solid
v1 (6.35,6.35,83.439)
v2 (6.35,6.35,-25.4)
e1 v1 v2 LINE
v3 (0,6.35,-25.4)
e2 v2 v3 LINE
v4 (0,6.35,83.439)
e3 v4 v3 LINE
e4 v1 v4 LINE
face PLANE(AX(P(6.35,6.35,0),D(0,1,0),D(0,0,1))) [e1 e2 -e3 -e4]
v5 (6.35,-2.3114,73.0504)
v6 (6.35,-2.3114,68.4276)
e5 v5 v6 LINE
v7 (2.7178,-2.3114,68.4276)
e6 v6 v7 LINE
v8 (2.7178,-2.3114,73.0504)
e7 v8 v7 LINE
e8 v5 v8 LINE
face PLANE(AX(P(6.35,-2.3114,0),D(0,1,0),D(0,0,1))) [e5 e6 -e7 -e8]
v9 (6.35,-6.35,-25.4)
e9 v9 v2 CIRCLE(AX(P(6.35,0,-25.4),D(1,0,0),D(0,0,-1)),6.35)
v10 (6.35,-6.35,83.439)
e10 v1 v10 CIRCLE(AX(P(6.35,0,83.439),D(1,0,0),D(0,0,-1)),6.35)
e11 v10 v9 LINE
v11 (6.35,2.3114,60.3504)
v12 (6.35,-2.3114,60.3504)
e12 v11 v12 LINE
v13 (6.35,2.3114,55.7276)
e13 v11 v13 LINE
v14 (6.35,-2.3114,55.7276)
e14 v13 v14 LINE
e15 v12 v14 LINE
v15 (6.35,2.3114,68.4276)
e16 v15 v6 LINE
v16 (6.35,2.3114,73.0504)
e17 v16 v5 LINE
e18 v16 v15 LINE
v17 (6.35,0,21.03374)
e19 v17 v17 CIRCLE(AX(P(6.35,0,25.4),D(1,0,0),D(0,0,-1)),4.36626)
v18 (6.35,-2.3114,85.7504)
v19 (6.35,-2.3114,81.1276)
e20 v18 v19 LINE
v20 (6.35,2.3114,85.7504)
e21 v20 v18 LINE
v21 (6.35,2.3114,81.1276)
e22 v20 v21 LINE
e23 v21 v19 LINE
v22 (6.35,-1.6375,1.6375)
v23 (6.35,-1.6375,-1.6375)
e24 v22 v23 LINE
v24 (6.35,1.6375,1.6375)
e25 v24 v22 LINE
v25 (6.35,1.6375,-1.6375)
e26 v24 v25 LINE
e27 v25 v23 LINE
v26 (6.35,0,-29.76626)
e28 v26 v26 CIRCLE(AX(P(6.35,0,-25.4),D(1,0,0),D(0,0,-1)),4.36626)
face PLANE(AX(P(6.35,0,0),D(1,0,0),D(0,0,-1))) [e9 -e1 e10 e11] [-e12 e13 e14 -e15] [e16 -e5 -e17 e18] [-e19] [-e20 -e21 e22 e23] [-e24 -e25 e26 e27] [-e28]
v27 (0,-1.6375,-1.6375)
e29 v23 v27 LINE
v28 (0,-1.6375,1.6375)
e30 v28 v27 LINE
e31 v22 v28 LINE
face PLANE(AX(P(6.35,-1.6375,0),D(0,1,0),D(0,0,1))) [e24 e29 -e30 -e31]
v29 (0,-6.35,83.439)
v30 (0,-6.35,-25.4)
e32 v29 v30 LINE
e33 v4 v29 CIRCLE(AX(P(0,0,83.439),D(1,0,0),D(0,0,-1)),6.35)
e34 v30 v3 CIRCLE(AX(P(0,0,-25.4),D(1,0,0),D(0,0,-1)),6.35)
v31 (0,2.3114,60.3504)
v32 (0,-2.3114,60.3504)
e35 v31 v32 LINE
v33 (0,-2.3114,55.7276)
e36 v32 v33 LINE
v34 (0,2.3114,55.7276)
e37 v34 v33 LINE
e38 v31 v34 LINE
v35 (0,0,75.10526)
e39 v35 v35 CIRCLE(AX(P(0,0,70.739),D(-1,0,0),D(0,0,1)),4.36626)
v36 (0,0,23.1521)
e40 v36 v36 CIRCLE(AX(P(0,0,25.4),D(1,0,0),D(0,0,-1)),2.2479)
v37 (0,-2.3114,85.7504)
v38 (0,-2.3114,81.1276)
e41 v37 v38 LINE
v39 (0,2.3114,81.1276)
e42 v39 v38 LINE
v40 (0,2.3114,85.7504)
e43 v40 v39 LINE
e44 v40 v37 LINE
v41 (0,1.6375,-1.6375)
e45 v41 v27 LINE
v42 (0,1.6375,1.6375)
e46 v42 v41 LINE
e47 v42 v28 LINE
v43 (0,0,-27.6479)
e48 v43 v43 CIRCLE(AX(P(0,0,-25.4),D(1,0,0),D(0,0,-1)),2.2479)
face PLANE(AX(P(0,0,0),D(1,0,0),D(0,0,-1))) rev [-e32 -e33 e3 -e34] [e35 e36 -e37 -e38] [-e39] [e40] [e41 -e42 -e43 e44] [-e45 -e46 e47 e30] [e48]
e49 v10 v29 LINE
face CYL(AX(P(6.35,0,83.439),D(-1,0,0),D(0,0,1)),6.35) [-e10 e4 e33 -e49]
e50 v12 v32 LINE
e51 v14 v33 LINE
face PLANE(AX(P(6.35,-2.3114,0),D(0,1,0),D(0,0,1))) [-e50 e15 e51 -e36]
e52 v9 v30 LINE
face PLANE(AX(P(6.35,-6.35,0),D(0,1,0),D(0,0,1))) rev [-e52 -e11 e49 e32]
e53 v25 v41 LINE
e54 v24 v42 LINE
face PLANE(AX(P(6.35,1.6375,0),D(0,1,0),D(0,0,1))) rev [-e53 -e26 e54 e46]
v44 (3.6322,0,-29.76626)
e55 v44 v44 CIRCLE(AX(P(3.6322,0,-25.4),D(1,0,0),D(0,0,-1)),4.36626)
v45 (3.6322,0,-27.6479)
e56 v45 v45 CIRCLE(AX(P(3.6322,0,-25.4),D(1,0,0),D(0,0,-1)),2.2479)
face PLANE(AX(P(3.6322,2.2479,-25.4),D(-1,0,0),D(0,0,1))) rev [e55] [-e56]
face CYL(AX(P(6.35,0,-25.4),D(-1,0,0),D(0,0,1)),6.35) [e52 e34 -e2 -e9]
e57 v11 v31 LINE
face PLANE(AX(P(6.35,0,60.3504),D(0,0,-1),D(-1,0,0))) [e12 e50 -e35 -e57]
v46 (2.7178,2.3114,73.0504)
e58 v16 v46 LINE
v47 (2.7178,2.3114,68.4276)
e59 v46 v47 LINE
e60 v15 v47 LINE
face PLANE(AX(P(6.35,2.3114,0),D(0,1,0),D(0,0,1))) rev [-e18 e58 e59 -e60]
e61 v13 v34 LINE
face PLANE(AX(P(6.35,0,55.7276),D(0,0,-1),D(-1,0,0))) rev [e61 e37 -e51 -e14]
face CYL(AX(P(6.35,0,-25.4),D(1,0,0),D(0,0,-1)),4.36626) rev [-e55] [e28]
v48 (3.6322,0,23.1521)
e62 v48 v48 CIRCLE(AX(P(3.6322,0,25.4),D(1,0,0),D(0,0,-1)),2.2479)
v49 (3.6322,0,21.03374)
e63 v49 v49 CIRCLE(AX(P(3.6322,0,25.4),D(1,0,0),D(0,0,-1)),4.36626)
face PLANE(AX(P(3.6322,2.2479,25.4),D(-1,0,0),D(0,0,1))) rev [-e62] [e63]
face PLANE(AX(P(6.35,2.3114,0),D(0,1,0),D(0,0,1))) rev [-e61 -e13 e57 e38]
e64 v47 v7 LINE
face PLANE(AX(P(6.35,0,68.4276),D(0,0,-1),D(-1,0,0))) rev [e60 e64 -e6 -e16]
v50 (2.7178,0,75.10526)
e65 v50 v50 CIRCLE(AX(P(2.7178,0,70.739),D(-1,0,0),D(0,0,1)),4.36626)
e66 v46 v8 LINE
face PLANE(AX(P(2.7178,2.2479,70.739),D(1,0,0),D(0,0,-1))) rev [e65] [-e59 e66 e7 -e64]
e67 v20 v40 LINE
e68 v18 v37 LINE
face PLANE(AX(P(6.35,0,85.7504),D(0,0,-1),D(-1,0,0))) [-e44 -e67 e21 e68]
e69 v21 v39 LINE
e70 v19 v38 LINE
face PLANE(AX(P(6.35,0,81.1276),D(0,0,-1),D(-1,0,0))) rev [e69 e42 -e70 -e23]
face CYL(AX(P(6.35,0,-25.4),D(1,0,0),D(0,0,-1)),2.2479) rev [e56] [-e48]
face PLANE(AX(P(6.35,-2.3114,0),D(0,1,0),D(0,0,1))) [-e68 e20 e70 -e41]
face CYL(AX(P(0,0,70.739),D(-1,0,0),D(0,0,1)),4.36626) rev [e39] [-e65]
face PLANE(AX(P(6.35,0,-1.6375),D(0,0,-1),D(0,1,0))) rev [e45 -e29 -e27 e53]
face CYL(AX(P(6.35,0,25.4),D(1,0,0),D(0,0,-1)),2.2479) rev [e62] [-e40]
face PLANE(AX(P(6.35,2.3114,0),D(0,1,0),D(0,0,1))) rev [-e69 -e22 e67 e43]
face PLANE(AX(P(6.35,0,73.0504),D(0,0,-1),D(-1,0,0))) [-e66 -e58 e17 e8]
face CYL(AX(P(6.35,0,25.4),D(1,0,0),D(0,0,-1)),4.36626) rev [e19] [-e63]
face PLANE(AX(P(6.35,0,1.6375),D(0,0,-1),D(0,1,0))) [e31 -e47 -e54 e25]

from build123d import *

# Parameters (mm, degrees)
SKETCH1_W                                      = 3.275
SKETCH1_H                                      = 3.275
SKETCH1_W_2                                    = 4.6228
SKETCH1_H_2                                    = 4.6228
BOSS_EXTRUDE1_DEPTH                            = 6.35
CBORE_FOR_8_BUTTON_HEAD_CAP_SCREW1_D           = 4.4958
CBORE_FOR_8_BUTTON_HEAD_CAP_SCREW1_CBORE_D     = 8.73252
CBORE_FOR_8_BUTTON_HEAD_CAP_SCREW1_CBORE_DEPTH = 2.7178
CBORE_FOR_8_BUTTON_HEAD_CAP_SCREW2_D           = 4.4958
CBORE_FOR_8_BUTTON_HEAD_CAP_SCREW2_CBORE_D     = 8.73252
CBORE_FOR_8_BUTTON_HEAD_CAP_SCREW2_CBORE_DEPTH = 2.7178


with BuildPart() as part:
    # Sketch1 → Boss-Extrude1 (new body)
    with BuildSketch(Plane(origin=(0, 0, 0), x_dir=(0, 0, -1), z_dir=(1, 0, 0))):
        with BuildLine():
            Line((-83.439, -6.35), (25.4, -6.35))
            ThreePointArc((25.4, -6.35), (31.75, 0), (25.4, 6.35))
            Line((25.4, 6.35), (-83.439, 6.35))
            ThreePointArc((-83.439, 6.35), (-89.789, 0), (-83.439, -6.35))
        make_face()
        Rectangle(SKETCH1_W, SKETCH1_H, mode=Mode.SUBTRACT)
        with Locations((-83.439, 0)):
            Rectangle(SKETCH1_W_2, SKETCH1_H_2, mode=Mode.SUBTRACT)
        with Locations((-58.039, 0)):
            Rectangle(SKETCH1_W_2, SKETCH1_H_2, mode=Mode.SUBTRACT)
        with Locations((-70.739, 0)):
            Rectangle(SKETCH1_W_2, SKETCH1_H_2, mode=Mode.SUBTRACT)
    extrude(amount=BOSS_EXTRUDE1_DEPTH)

    # CBORE for #8 Button Head Cap Screw1 (through all)
    with Locations(Plane(origin=(6.35, 0, 25.4), x_dir=(0, 0, 1), z_dir=(1, 0, 0))):
        with Locations((0, 0), (-50.8, 0)):
            CounterBoreHole(CBORE_FOR_8_BUTTON_HEAD_CAP_SCREW1_D / 2, CBORE_FOR_8_BUTTON_HEAD_CAP_SCREW1_CBORE_D / 2, CBORE_FOR_8_BUTTON_HEAD_CAP_SCREW1_CBORE_DEPTH)

    # CBORE for #8 Button Head Cap Screw2 (through all)
    with Locations(Plane(origin=(0, 0, 70.739), x_dir=(0, 0, -1), z_dir=(-1, 0, 0))):
        with Locations((0, 0)):
            CounterBoreHole(CBORE_FOR_8_BUTTON_HEAD_CAP_SCREW2_D / 2, CBORE_FOR_8_BUTTON_HEAD_CAP_SCREW2_CBORE_D / 2, CBORE_FOR_8_BUTTON_HEAD_CAP_SCREW2_CBORE_DEPTH)


solid = part.part
